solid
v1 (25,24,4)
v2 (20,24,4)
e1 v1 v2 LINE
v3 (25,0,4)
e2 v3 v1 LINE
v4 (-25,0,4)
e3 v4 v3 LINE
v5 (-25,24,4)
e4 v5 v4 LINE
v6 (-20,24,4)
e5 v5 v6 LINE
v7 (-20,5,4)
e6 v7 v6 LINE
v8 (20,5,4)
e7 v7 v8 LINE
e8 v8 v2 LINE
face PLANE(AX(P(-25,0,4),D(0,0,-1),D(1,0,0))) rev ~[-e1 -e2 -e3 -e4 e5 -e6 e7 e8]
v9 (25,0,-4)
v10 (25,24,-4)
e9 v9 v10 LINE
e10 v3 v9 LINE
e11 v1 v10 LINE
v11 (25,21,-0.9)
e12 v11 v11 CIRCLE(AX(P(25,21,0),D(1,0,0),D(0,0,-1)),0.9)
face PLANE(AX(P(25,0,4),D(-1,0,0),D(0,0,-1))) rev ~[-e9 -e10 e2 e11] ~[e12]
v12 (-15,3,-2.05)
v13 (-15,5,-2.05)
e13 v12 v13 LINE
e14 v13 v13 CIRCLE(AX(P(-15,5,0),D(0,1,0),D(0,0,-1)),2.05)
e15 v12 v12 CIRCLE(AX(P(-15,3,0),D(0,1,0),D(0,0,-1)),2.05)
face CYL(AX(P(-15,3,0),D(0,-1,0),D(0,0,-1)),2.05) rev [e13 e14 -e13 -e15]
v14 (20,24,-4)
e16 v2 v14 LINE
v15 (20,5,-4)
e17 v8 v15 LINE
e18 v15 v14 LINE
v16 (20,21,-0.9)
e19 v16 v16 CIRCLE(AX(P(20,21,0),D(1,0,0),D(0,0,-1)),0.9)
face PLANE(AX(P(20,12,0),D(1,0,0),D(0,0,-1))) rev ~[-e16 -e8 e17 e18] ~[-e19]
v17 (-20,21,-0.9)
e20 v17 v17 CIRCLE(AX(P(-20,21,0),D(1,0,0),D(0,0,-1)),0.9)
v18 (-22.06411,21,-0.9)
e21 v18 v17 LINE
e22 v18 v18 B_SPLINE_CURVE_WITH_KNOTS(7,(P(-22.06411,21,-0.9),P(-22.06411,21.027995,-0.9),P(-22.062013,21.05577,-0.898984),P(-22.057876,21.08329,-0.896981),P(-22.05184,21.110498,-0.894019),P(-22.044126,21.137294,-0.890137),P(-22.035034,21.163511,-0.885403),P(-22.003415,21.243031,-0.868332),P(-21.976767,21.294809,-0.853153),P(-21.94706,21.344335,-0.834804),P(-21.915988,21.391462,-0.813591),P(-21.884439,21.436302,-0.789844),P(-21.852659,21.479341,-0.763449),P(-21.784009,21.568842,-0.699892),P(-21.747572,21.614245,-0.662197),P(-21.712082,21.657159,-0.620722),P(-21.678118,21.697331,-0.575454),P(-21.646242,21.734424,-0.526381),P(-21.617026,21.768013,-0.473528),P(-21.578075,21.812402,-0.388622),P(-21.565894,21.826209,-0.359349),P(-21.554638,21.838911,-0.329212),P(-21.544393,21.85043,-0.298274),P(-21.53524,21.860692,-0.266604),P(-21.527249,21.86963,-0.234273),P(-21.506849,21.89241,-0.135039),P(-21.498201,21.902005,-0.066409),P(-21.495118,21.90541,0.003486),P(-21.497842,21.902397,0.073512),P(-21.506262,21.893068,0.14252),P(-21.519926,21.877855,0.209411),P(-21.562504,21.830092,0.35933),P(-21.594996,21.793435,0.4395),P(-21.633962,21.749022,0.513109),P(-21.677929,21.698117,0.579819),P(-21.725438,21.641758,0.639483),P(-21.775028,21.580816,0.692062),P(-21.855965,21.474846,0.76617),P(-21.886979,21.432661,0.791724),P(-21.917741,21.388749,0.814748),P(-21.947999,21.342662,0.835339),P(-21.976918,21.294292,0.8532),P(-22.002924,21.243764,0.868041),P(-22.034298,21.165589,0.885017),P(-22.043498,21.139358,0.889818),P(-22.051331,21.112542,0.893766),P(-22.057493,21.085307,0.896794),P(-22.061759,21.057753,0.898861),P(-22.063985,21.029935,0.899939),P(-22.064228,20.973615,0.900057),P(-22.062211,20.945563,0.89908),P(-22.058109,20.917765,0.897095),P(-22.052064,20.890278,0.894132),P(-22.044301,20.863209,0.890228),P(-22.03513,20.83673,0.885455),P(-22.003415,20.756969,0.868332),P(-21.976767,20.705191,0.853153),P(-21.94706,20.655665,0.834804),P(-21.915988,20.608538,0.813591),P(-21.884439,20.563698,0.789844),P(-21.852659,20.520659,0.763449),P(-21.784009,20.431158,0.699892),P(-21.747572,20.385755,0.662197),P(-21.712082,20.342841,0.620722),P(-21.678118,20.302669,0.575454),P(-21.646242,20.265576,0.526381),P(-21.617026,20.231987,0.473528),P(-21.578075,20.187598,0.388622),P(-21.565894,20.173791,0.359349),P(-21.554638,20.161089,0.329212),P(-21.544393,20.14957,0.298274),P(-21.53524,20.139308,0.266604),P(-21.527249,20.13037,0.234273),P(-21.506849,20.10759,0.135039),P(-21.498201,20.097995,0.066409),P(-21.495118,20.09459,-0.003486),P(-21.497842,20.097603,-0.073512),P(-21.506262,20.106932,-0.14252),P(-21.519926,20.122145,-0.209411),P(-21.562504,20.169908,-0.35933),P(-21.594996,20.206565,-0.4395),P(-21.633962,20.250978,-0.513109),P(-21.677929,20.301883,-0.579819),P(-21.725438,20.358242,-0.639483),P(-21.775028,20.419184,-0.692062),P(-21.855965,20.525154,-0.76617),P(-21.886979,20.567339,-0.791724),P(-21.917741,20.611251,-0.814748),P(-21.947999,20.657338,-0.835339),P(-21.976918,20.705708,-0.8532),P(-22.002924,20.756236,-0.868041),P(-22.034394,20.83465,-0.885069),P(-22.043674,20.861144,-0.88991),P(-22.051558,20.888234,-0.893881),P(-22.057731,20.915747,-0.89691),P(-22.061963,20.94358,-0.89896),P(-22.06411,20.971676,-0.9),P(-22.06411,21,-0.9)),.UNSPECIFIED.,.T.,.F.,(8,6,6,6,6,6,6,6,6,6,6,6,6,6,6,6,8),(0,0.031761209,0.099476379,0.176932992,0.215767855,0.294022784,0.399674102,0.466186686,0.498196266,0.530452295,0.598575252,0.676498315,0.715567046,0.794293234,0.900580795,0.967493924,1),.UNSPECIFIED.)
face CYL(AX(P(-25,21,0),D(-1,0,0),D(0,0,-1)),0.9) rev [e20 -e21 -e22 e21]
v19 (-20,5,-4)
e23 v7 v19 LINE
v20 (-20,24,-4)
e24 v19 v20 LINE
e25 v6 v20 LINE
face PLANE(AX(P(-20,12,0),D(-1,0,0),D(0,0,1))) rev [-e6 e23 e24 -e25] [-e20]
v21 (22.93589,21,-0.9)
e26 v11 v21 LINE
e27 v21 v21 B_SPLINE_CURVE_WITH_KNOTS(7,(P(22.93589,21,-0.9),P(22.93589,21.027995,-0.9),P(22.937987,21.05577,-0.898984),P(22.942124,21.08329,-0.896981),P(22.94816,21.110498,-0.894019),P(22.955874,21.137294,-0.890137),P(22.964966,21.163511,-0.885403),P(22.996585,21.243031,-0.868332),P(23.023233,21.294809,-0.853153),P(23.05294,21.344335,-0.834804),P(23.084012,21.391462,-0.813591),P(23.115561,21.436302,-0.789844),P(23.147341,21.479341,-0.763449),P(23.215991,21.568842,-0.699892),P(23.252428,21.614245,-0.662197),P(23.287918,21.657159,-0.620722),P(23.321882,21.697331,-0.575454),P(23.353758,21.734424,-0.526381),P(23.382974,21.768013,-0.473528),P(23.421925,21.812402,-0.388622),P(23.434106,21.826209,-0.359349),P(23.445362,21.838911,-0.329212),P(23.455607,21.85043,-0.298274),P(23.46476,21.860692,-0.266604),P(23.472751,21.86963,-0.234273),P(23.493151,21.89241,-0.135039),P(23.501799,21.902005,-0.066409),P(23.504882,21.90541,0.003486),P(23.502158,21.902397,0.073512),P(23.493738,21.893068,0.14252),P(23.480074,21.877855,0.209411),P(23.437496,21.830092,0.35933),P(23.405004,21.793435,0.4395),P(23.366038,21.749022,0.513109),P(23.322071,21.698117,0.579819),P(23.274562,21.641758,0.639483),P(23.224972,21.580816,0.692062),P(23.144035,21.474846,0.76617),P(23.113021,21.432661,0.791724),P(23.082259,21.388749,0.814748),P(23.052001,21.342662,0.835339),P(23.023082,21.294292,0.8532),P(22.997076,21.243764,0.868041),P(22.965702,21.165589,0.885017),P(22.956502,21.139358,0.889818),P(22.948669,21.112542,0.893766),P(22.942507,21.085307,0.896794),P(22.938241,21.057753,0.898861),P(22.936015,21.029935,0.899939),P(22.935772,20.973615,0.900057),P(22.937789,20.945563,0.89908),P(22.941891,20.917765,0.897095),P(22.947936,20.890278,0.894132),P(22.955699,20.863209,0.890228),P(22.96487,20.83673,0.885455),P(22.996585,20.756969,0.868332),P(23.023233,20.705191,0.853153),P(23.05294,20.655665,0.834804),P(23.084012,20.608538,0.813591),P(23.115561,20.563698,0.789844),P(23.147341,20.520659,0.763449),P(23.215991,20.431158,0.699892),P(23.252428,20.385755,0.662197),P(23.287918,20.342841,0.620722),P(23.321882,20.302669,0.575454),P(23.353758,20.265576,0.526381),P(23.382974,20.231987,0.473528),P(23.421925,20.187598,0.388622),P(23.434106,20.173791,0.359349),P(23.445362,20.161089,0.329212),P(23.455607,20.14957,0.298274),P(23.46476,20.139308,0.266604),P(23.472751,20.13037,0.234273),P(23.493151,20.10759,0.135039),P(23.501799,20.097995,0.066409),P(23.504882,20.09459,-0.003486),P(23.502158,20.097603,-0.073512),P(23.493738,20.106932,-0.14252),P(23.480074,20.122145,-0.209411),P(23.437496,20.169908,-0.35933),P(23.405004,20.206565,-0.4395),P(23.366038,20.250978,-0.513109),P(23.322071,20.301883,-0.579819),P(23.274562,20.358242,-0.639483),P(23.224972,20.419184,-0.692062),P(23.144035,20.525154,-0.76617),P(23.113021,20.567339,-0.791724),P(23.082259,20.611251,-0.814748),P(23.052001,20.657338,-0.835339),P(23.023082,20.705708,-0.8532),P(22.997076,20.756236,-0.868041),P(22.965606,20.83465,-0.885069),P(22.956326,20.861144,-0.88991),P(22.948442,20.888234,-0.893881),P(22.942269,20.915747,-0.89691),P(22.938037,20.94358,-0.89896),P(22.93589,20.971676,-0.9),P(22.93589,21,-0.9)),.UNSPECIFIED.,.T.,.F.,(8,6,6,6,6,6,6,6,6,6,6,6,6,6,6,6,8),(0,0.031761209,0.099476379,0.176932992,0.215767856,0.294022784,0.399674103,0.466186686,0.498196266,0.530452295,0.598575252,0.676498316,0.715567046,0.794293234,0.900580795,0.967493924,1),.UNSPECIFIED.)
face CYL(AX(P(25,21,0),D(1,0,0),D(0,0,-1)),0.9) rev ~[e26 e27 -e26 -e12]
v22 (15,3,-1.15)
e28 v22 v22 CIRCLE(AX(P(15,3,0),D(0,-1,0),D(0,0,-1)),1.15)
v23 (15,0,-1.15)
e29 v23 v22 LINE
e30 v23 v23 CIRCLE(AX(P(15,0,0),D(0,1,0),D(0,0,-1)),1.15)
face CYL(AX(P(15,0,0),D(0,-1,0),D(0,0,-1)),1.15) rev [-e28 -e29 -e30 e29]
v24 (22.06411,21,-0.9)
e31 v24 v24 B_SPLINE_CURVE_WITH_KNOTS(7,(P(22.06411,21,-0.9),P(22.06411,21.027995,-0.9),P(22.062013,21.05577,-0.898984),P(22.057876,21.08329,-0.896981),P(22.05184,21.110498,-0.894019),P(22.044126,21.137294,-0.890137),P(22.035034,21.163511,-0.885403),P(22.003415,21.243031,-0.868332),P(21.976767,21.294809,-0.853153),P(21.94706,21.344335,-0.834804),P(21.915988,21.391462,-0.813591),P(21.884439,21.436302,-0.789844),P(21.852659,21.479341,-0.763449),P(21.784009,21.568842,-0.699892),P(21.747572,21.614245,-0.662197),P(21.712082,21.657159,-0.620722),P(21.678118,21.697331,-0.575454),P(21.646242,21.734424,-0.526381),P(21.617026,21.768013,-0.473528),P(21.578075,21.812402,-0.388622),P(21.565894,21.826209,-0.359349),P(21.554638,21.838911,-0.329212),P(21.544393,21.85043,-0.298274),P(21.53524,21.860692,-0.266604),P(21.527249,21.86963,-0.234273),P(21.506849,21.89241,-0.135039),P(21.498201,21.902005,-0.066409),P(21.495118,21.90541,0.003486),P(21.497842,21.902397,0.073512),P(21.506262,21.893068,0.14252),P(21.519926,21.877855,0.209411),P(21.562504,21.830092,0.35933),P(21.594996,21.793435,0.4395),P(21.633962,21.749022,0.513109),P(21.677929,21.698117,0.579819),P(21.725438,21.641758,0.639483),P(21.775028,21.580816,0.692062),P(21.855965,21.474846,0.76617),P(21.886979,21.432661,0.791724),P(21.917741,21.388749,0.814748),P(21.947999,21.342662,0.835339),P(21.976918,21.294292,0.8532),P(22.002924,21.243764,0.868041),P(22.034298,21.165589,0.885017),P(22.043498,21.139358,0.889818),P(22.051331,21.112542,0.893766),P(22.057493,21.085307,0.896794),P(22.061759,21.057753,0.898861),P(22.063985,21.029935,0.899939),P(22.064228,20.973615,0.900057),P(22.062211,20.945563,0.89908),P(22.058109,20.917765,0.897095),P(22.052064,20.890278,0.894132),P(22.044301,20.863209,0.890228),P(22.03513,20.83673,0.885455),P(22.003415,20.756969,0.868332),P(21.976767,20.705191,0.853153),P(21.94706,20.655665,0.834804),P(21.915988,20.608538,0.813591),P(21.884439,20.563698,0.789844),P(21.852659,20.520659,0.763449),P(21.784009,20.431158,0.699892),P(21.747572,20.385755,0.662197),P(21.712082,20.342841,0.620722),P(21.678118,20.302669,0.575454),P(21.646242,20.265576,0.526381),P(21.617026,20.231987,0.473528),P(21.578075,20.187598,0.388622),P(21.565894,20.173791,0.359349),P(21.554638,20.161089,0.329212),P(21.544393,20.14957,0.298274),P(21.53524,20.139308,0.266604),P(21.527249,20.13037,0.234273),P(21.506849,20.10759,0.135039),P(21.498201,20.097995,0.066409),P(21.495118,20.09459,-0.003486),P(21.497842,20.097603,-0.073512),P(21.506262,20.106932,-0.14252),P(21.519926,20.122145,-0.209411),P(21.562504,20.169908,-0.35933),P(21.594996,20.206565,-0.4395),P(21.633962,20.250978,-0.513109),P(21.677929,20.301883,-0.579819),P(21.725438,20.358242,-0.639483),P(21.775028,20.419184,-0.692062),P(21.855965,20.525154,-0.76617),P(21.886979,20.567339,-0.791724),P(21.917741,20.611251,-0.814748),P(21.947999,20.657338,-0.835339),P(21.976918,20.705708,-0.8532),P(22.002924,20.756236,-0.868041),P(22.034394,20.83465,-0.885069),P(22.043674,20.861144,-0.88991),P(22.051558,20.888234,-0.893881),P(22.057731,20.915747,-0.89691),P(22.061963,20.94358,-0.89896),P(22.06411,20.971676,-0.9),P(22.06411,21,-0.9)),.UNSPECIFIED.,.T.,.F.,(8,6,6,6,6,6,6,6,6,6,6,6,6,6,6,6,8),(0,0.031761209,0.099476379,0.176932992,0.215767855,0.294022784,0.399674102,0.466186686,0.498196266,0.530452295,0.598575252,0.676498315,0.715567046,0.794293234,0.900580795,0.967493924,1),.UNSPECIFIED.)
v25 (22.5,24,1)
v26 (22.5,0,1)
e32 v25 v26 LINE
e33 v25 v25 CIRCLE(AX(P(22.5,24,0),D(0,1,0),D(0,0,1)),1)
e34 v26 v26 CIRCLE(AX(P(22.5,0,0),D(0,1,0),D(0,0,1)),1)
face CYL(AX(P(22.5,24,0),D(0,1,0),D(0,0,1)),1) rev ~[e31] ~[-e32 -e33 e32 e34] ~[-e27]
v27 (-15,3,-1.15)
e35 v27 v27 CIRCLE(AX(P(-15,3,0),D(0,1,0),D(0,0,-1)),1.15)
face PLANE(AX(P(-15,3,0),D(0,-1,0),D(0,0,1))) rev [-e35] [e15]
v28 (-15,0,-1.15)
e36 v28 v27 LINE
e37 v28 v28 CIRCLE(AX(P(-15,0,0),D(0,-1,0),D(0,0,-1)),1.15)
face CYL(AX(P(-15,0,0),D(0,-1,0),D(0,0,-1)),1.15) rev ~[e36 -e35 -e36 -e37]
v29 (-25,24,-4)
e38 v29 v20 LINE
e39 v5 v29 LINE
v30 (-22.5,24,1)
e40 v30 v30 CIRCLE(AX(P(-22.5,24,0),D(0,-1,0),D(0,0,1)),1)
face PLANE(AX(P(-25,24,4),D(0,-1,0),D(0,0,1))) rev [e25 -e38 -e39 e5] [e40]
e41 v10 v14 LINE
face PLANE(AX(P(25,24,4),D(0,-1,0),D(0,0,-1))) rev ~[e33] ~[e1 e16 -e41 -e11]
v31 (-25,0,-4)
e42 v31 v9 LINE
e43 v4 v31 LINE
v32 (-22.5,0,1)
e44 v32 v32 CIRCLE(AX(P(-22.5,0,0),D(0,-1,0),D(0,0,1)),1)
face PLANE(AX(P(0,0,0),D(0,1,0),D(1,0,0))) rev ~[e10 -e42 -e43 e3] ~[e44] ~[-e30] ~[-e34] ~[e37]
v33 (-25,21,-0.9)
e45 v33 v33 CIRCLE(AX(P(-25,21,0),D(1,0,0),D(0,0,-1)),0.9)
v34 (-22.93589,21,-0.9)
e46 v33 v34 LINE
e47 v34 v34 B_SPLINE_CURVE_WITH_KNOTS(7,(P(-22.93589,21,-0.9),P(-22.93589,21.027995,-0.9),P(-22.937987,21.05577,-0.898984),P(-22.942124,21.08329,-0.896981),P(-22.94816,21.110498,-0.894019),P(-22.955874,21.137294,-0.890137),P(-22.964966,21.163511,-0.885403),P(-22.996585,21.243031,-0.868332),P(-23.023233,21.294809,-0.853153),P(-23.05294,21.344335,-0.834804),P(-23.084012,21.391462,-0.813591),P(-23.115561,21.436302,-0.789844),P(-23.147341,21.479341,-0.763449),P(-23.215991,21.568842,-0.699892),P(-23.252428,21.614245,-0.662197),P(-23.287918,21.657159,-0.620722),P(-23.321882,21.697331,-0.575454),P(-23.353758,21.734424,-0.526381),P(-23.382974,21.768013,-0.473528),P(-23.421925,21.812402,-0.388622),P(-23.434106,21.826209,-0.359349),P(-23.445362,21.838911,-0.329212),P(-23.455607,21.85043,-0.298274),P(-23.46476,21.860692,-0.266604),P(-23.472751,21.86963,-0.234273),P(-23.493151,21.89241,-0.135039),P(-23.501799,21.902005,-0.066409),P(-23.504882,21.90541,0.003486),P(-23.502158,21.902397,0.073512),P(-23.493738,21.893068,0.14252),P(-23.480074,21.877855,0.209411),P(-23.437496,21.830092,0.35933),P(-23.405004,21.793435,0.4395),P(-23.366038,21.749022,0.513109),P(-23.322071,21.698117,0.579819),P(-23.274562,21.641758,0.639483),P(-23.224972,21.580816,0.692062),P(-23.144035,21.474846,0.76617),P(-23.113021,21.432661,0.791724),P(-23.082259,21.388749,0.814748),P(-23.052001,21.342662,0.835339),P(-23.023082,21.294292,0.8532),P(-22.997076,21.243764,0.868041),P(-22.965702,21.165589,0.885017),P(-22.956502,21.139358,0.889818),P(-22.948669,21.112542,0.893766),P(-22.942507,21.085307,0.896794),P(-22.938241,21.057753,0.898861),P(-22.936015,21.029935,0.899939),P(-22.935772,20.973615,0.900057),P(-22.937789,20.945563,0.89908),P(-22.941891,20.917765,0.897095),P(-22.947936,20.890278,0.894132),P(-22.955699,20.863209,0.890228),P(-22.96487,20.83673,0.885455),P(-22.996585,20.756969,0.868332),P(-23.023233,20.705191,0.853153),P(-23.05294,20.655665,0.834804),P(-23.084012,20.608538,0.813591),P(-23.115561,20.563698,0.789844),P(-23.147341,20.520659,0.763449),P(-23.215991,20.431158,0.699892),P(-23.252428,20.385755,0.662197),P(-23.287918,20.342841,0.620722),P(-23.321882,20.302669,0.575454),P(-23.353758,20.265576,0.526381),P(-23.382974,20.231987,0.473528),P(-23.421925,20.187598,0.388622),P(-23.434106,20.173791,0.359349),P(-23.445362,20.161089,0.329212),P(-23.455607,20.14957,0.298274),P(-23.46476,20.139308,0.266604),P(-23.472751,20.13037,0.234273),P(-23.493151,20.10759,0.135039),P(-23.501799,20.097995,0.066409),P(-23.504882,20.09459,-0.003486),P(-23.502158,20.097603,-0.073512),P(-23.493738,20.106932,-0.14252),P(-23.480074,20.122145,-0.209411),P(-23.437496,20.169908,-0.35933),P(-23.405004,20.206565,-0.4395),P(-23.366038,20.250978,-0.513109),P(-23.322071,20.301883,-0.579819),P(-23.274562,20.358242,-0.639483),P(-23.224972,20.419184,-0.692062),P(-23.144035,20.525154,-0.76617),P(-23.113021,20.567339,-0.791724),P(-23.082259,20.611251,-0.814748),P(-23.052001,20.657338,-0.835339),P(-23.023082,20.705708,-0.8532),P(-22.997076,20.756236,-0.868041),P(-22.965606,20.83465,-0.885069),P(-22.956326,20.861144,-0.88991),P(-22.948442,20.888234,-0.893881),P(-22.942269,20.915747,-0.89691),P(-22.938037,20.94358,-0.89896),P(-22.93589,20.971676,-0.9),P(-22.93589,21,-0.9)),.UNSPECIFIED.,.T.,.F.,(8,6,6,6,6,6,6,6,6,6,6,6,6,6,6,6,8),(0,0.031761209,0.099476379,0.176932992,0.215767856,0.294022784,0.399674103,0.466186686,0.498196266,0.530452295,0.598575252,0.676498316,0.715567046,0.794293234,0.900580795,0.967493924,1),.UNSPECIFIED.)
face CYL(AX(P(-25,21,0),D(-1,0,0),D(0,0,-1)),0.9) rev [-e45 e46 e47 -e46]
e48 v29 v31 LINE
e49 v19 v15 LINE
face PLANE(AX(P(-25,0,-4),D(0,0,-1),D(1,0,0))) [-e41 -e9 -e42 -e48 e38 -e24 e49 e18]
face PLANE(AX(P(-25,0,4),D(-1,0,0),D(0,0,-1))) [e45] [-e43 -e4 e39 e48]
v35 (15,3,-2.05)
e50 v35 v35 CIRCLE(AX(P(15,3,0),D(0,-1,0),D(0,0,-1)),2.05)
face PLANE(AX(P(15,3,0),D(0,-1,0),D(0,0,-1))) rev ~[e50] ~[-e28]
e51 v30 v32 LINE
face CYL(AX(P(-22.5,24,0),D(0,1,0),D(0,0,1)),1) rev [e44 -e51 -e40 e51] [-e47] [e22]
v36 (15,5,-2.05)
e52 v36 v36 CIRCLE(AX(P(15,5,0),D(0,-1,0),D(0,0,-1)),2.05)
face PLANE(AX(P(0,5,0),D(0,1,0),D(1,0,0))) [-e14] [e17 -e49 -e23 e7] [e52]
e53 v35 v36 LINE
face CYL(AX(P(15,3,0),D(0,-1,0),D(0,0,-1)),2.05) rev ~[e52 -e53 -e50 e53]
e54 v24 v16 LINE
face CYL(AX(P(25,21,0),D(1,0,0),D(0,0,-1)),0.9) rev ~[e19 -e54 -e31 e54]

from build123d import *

# Parameters (mm, degrees)
SKETCH1_W           = 50
SKETCH1_H           = 8
BOSS_EXTRUDE1_DEPTH = 5
SKETCH5_W           = 8
SKETCH5_H           = 24
SKETCH5_R           = 0.9
BOSS_EXTRUDE3_DEPTH = 5
CUT_EXTRUDE3_REACH  = 36.886
SKETCH6_R           = 1
SKETCH2_R           = 1.15
CUT_EXTRUDE1_DEPTH  = 35.885527225
CUT_EXTRUDE4_REACH  = 39.886
CUT_EXTRUDE4_START  = -3
SKETCH7_R           = 2.05


with BuildPart() as part:
    # Sketch1 → Boss-Extrude1 (new body)
    with BuildSketch(Plane(origin=(0, 0, 0), x_dir=(1, 0, 0), z_dir=(0, 1, 0))):
        Rectangle(SKETCH1_W, SKETCH1_H)
    extrude(amount=BOSS_EXTRUDE1_DEPTH)

    # Sketch5 → Boss-Extrude3 (add)
    with BuildSketch(Plane(origin=(25, 0, 0), x_dir=(0, 0, -1), z_dir=(1, 0, 0))):
        with Locations((0, 12)):
            Rectangle(SKETCH5_W, SKETCH5_H)
        with Locations((0, 21)):
            Circle(SKETCH5_R, mode=Mode.SUBTRACT)
    boss_extrude3 = extrude(amount=-BOSS_EXTRUDE3_DEPTH)

    # Sketch6 → Cut-Extrude3 (cut, up to next)
    with BuildSketch(Plane(origin=(0, 24, 0), x_dir=(1, 0, 0), z_dir=(0, 1, 0)), mode=Mode.PRIVATE) as cut_extrude3_sk1:
        with Locations(Location((22.5, 0, 0), (0, 0, 270))):
            Circle(SKETCH6_R)
    cut_extrude3_tool1 = extrude(cut_extrude3_sk1.sketch, amount=-CUT_EXTRUDE3_REACH, mode=Mode.PRIVATE) & part.part
    cut_extrude3 = cut_extrude3_tool1.solids().sort_by_distance((22.5, 24, 0))[0]
    add(cut_extrude3, mode=Mode.SUBTRACT)

    # Sketch2 → Cut-Extrude1 (cut, through all)
    with BuildSketch(Plane(origin=(0, 0, 0), x_dir=(1, 0, 0), z_dir=(0, 1, 0))):
        with Locations(Location((15, 0, 0), (0, 0, 90))):
            Circle(SKETCH2_R)
    cut_extrude1 = extrude(amount=CUT_EXTRUDE1_DEPTH, mode=Mode.SUBTRACT)

    # Sketch7 → Cut-Extrude4 (cut, up to next)
    with BuildSketch(Plane.XZ.offset(CUT_EXTRUDE4_START), mode=Mode.PRIVATE) as cut_extrude4_sk1:
        with Locations(Location((15, 0, 0), (0, 0, 270))):
            Circle(SKETCH7_R)
    cut_extrude4_tool1 = extrude(cut_extrude4_sk1.sketch, amount=-CUT_EXTRUDE4_REACH, mode=Mode.PRIVATE) & part.part
    cut_extrude4 = cut_extrude4_tool1.solids().sort_by_distance((15, 3, 0))[0]
    add(cut_extrude4, mode=Mode.SUBTRACT)

    # Mirror5: Boss-Extrude3, Cut-Extrude3, Cut-Extrude1, Cut-Extrude4 across plane
    add(boss_extrude3.mirror(Plane(origin=(0, 0, 0), x_dir=(0, 0, 1), z_dir=(1, 0, 0))))
    add(cut_extrude3.mirror(Plane(origin=(0, 0, 0), x_dir=(0, 0, 1), z_dir=(1, 0, 0))), mode=Mode.SUBTRACT)
    add(cut_extrude1.mirror(Plane(origin=(0, 0, 0), x_dir=(0, 0, 1), z_dir=(1, 0, 0))), mode=Mode.SUBTRACT)
    add(cut_extrude4.mirror(Plane(origin=(0, 0, 0), x_dir=(0, 0, 1), z_dir=(1, 0, 0))), mode=Mode.SUBTRACT)


solid = part.part
